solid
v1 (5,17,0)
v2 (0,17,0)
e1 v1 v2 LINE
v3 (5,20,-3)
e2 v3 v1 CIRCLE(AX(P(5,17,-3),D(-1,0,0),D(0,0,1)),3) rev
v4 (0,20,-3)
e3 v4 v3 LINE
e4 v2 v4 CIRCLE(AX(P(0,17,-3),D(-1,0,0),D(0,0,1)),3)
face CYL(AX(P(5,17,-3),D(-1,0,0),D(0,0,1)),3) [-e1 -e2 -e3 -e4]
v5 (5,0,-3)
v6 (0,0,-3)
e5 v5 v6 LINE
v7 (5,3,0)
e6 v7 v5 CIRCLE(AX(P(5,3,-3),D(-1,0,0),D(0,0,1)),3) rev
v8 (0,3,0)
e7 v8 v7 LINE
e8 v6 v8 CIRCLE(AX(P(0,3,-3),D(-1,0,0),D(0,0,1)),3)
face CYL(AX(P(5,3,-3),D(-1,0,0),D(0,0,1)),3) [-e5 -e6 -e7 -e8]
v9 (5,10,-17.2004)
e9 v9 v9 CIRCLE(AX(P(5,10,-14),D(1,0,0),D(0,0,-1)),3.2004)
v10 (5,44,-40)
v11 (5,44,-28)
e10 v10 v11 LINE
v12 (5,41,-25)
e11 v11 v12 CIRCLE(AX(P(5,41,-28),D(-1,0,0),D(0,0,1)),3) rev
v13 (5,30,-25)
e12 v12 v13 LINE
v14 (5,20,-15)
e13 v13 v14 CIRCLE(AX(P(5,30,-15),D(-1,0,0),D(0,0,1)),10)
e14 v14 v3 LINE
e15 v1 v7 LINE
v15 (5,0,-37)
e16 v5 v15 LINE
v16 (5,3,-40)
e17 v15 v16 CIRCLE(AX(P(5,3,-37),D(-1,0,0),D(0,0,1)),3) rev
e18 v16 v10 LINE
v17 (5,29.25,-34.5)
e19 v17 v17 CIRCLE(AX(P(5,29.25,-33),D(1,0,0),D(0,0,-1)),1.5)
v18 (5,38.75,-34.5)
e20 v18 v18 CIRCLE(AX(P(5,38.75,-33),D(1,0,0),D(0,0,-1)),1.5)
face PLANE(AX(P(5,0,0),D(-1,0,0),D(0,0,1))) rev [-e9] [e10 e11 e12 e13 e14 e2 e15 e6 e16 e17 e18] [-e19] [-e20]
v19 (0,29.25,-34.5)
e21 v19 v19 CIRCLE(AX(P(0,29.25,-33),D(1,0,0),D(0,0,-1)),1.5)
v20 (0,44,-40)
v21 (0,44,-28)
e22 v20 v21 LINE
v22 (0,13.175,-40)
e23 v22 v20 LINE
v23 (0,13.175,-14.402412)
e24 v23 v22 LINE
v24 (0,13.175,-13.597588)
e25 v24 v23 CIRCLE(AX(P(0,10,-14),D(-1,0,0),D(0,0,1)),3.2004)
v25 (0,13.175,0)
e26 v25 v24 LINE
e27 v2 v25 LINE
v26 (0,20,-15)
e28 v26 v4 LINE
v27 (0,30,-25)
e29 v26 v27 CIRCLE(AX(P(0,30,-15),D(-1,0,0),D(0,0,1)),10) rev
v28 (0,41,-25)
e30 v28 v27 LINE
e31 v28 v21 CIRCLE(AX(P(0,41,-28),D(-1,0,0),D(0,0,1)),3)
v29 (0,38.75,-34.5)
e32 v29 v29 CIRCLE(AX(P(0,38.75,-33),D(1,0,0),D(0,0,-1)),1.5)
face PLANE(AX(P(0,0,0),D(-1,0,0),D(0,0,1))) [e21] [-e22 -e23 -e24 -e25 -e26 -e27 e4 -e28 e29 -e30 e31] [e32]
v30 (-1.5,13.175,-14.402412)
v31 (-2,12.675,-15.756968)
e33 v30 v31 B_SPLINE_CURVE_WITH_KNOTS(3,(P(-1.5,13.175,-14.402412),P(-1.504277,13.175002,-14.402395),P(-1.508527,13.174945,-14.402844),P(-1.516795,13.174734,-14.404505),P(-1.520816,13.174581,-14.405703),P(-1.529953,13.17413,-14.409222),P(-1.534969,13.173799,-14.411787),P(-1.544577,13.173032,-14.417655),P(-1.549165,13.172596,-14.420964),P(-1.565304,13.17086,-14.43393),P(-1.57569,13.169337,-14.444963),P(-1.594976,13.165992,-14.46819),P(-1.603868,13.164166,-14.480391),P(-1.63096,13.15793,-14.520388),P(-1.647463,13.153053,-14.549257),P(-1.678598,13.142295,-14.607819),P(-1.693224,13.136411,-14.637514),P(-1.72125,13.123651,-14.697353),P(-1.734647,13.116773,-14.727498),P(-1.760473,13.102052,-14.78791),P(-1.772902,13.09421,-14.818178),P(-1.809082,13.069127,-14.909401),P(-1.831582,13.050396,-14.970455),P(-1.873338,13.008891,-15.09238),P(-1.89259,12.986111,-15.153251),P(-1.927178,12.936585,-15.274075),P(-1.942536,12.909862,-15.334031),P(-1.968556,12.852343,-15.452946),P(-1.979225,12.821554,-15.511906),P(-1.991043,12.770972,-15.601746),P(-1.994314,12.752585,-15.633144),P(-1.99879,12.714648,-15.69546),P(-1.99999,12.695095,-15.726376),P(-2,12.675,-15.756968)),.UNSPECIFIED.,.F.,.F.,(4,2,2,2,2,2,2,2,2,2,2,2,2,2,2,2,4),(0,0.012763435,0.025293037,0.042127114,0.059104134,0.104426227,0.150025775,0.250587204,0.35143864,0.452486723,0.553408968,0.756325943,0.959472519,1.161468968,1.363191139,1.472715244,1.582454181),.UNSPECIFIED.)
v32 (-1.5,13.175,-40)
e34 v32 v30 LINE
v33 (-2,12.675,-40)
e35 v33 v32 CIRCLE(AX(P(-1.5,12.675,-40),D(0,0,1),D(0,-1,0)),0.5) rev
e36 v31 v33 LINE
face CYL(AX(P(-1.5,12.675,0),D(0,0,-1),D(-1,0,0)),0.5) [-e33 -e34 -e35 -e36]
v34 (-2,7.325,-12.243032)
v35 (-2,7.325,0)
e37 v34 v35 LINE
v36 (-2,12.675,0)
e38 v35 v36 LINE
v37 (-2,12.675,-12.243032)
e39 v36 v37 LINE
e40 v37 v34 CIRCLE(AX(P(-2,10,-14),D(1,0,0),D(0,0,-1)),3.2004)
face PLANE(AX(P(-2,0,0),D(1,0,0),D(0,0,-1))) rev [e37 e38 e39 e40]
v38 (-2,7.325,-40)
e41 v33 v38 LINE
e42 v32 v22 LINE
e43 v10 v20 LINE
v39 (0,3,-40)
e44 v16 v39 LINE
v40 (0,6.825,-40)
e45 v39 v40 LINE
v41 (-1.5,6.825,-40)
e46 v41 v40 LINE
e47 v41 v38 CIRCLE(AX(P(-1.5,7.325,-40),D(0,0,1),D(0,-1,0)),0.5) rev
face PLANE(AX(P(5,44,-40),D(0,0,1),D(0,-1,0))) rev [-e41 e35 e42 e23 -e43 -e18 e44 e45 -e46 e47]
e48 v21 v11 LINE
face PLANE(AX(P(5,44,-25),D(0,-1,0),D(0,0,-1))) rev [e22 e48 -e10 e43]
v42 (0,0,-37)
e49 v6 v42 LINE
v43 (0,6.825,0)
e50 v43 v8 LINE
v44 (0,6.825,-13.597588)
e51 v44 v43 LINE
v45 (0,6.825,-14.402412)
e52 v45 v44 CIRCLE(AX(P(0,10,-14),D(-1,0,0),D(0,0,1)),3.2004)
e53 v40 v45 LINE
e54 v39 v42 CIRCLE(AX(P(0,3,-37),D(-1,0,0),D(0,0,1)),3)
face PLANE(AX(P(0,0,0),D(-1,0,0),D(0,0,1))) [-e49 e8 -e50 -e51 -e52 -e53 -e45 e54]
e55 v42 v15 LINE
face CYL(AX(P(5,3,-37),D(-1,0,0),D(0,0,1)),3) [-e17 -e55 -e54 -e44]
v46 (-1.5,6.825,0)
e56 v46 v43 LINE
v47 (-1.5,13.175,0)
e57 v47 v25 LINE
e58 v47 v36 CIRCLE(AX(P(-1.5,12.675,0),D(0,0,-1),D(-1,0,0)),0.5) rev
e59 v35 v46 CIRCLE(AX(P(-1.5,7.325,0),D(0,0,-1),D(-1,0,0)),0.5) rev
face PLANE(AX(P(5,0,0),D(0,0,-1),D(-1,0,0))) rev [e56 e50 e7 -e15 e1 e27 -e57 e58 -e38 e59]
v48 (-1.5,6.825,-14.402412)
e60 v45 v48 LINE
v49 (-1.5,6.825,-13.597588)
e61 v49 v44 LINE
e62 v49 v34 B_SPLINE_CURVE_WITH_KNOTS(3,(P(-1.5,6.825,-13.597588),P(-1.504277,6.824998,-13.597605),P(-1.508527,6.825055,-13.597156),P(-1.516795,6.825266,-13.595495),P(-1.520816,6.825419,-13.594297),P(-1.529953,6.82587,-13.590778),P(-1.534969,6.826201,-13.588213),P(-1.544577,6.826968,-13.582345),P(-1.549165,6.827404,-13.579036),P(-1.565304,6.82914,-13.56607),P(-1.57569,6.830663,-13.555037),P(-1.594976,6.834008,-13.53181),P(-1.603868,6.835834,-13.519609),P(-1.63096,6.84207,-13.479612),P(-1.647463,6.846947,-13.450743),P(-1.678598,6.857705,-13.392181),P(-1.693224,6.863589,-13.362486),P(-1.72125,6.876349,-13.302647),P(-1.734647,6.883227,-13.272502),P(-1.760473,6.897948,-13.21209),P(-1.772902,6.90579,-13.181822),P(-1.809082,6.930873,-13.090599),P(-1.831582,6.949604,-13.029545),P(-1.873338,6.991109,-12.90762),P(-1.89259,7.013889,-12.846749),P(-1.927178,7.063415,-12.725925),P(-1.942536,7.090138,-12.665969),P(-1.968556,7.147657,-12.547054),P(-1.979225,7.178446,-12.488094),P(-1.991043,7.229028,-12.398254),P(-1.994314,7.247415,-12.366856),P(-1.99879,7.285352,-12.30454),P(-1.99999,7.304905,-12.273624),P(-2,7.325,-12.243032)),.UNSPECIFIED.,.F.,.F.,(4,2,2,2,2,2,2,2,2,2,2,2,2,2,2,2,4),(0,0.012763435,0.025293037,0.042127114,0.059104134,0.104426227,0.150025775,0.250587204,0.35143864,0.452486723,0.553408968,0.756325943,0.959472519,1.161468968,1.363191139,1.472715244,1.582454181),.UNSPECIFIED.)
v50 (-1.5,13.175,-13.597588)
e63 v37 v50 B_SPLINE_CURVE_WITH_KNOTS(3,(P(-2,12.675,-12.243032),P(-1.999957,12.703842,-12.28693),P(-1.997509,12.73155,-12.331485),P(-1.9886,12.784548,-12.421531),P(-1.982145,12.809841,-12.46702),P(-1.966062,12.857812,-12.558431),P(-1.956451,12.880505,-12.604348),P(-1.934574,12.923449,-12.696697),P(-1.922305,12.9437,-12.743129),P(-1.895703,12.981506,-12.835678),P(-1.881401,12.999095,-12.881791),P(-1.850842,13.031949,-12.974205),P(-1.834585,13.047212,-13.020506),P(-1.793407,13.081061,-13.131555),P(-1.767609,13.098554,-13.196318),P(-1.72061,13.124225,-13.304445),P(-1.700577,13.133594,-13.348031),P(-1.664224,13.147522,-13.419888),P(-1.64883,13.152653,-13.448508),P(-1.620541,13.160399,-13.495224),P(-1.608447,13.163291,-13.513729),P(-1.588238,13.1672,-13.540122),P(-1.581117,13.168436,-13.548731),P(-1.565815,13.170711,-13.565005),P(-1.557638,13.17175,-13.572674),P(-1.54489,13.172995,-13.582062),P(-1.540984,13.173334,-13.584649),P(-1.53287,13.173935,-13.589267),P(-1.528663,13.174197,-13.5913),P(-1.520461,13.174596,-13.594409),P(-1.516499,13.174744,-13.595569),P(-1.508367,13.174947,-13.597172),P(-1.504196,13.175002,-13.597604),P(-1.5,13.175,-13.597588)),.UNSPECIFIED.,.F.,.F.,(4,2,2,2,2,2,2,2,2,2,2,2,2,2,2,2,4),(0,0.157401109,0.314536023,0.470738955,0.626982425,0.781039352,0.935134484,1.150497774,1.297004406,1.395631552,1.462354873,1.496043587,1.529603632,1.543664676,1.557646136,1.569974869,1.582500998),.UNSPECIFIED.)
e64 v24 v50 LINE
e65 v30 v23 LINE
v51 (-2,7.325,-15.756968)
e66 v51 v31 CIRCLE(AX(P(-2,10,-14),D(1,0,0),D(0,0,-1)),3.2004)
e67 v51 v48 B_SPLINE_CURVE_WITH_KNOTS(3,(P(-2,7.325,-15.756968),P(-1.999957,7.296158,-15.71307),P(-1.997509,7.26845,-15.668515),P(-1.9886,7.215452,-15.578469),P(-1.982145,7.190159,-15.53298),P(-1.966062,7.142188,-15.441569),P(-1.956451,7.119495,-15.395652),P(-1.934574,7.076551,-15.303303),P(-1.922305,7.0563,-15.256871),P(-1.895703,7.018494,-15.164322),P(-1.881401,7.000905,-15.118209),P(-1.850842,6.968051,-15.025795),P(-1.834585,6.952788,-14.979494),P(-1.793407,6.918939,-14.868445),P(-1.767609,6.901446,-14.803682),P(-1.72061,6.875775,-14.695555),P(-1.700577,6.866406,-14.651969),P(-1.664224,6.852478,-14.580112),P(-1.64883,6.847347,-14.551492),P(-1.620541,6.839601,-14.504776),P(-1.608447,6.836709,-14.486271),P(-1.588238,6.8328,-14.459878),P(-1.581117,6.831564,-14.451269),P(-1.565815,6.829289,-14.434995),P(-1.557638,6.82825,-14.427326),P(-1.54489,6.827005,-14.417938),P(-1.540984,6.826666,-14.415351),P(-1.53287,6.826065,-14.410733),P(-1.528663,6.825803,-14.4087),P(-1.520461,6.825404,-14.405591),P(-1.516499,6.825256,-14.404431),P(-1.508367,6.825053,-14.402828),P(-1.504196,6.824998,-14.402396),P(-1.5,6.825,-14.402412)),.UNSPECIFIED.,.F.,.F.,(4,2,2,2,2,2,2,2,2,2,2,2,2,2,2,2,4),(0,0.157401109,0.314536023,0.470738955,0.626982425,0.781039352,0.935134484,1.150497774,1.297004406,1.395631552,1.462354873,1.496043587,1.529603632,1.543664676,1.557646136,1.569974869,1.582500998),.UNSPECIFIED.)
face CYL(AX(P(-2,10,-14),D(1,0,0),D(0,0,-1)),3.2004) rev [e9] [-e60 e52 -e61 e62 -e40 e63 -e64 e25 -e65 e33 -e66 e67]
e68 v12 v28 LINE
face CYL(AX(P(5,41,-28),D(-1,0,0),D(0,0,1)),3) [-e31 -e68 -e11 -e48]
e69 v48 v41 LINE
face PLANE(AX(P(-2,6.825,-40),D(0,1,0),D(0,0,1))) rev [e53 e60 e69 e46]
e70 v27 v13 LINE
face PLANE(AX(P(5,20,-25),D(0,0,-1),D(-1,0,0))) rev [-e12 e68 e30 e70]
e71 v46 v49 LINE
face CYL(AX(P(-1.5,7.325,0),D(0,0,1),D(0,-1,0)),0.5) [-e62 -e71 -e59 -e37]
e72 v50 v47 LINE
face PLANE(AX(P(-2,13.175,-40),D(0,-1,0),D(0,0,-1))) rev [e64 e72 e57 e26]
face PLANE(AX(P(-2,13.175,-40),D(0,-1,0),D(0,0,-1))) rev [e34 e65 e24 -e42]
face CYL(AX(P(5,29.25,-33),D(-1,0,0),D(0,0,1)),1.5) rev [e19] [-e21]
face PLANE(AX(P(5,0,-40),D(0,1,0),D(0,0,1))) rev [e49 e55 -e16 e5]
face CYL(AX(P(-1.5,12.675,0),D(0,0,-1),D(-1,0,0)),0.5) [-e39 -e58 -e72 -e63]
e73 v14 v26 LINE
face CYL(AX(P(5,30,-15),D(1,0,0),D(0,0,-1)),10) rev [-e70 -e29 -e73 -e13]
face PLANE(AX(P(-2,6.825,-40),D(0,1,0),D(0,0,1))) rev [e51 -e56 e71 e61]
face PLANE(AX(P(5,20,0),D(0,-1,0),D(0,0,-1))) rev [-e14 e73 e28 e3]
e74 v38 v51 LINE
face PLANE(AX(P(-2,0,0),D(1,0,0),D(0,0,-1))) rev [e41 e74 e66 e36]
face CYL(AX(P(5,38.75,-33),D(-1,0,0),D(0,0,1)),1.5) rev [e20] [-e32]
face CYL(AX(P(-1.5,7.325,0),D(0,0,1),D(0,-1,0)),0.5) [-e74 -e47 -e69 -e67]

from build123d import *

# Parameters (mm, degrees)
SKETCH1_R           = 1.5
BOSS_EXTRUDE1_DEPTH = 5
SKETCH3_W           = 40
SKETCH3_H           = 6.35
BOSS_EXTRUDE2_DEPTH = 2
FILLET1_R           = 0.5
FILLET2_R           = 3
SKETCH4_R           = 3.2004
CUT_EXTRUDE1_DEPTH  = 8
FILLET3_R           = 10


with BuildPart() as part:
    # Sketch1 → Boss-Extrude1 (new body)
    with BuildSketch(Plane(origin=(0, 0, 0), x_dir=(0, 0, -1), z_dir=(1, 0, 0))):
        Polygon((0, 0), (0, 20), (25, 20), (25, 44), (40, 44), (40, 0), align=None)
        with Locations((33, 38.75)):
            Circle(SKETCH1_R, mode=Mode.SUBTRACT)
        with Locations((33, 29.25)):
            Circle(SKETCH1_R, mode=Mode.SUBTRACT)
    extrude(amount=BOSS_EXTRUDE1_DEPTH)

    # Sketch3 → Boss-Extrude2 (add)
    with BuildSketch(Plane.ZY):
        with Locations((-20, 10)):
            Rectangle(SKETCH3_W, SKETCH3_H)
    extrude(amount=BOSS_EXTRUDE2_DEPTH)

    # Fillet1
    fillet1_edges = [part.edges().sort_by_distance(p)[0] for p in [
        (-2, 6.825, -20),
        (-2, 13.175, -20),
    ]]
    fillet(fillet1_edges, radius=FILLET1_R)

    # Fillet2
    fillet2_edges = [part.edges().sort_by_distance(p)[0] for p in [
        (2.5, 0, 0),
        (2.5, 20, 0),
        (2.5, 44, -25),
        (2.5, 0, -40),
    ]]
    fillet(fillet2_edges, radius=FILLET2_R)

    # Sketch4 → Cut-Extrude1 (cut, through all)
    with BuildSketch(Plane(origin=(5, 0, 0), x_dir=(0, 0, -1), z_dir=(1, 0, 0))):
        with Locations((14, 10)):
            Circle(SKETCH4_R)
    extrude(amount=-CUT_EXTRUDE1_DEPTH, mode=Mode.SUBTRACT)

    # Fillet3
    fillet3_edges = [part.edges().sort_by_distance(p)[0] for p in [
        (2.5, 20, -25),
    ]]
    fillet(fillet3_edges, radius=FILLET3_R)


solid = part.part
